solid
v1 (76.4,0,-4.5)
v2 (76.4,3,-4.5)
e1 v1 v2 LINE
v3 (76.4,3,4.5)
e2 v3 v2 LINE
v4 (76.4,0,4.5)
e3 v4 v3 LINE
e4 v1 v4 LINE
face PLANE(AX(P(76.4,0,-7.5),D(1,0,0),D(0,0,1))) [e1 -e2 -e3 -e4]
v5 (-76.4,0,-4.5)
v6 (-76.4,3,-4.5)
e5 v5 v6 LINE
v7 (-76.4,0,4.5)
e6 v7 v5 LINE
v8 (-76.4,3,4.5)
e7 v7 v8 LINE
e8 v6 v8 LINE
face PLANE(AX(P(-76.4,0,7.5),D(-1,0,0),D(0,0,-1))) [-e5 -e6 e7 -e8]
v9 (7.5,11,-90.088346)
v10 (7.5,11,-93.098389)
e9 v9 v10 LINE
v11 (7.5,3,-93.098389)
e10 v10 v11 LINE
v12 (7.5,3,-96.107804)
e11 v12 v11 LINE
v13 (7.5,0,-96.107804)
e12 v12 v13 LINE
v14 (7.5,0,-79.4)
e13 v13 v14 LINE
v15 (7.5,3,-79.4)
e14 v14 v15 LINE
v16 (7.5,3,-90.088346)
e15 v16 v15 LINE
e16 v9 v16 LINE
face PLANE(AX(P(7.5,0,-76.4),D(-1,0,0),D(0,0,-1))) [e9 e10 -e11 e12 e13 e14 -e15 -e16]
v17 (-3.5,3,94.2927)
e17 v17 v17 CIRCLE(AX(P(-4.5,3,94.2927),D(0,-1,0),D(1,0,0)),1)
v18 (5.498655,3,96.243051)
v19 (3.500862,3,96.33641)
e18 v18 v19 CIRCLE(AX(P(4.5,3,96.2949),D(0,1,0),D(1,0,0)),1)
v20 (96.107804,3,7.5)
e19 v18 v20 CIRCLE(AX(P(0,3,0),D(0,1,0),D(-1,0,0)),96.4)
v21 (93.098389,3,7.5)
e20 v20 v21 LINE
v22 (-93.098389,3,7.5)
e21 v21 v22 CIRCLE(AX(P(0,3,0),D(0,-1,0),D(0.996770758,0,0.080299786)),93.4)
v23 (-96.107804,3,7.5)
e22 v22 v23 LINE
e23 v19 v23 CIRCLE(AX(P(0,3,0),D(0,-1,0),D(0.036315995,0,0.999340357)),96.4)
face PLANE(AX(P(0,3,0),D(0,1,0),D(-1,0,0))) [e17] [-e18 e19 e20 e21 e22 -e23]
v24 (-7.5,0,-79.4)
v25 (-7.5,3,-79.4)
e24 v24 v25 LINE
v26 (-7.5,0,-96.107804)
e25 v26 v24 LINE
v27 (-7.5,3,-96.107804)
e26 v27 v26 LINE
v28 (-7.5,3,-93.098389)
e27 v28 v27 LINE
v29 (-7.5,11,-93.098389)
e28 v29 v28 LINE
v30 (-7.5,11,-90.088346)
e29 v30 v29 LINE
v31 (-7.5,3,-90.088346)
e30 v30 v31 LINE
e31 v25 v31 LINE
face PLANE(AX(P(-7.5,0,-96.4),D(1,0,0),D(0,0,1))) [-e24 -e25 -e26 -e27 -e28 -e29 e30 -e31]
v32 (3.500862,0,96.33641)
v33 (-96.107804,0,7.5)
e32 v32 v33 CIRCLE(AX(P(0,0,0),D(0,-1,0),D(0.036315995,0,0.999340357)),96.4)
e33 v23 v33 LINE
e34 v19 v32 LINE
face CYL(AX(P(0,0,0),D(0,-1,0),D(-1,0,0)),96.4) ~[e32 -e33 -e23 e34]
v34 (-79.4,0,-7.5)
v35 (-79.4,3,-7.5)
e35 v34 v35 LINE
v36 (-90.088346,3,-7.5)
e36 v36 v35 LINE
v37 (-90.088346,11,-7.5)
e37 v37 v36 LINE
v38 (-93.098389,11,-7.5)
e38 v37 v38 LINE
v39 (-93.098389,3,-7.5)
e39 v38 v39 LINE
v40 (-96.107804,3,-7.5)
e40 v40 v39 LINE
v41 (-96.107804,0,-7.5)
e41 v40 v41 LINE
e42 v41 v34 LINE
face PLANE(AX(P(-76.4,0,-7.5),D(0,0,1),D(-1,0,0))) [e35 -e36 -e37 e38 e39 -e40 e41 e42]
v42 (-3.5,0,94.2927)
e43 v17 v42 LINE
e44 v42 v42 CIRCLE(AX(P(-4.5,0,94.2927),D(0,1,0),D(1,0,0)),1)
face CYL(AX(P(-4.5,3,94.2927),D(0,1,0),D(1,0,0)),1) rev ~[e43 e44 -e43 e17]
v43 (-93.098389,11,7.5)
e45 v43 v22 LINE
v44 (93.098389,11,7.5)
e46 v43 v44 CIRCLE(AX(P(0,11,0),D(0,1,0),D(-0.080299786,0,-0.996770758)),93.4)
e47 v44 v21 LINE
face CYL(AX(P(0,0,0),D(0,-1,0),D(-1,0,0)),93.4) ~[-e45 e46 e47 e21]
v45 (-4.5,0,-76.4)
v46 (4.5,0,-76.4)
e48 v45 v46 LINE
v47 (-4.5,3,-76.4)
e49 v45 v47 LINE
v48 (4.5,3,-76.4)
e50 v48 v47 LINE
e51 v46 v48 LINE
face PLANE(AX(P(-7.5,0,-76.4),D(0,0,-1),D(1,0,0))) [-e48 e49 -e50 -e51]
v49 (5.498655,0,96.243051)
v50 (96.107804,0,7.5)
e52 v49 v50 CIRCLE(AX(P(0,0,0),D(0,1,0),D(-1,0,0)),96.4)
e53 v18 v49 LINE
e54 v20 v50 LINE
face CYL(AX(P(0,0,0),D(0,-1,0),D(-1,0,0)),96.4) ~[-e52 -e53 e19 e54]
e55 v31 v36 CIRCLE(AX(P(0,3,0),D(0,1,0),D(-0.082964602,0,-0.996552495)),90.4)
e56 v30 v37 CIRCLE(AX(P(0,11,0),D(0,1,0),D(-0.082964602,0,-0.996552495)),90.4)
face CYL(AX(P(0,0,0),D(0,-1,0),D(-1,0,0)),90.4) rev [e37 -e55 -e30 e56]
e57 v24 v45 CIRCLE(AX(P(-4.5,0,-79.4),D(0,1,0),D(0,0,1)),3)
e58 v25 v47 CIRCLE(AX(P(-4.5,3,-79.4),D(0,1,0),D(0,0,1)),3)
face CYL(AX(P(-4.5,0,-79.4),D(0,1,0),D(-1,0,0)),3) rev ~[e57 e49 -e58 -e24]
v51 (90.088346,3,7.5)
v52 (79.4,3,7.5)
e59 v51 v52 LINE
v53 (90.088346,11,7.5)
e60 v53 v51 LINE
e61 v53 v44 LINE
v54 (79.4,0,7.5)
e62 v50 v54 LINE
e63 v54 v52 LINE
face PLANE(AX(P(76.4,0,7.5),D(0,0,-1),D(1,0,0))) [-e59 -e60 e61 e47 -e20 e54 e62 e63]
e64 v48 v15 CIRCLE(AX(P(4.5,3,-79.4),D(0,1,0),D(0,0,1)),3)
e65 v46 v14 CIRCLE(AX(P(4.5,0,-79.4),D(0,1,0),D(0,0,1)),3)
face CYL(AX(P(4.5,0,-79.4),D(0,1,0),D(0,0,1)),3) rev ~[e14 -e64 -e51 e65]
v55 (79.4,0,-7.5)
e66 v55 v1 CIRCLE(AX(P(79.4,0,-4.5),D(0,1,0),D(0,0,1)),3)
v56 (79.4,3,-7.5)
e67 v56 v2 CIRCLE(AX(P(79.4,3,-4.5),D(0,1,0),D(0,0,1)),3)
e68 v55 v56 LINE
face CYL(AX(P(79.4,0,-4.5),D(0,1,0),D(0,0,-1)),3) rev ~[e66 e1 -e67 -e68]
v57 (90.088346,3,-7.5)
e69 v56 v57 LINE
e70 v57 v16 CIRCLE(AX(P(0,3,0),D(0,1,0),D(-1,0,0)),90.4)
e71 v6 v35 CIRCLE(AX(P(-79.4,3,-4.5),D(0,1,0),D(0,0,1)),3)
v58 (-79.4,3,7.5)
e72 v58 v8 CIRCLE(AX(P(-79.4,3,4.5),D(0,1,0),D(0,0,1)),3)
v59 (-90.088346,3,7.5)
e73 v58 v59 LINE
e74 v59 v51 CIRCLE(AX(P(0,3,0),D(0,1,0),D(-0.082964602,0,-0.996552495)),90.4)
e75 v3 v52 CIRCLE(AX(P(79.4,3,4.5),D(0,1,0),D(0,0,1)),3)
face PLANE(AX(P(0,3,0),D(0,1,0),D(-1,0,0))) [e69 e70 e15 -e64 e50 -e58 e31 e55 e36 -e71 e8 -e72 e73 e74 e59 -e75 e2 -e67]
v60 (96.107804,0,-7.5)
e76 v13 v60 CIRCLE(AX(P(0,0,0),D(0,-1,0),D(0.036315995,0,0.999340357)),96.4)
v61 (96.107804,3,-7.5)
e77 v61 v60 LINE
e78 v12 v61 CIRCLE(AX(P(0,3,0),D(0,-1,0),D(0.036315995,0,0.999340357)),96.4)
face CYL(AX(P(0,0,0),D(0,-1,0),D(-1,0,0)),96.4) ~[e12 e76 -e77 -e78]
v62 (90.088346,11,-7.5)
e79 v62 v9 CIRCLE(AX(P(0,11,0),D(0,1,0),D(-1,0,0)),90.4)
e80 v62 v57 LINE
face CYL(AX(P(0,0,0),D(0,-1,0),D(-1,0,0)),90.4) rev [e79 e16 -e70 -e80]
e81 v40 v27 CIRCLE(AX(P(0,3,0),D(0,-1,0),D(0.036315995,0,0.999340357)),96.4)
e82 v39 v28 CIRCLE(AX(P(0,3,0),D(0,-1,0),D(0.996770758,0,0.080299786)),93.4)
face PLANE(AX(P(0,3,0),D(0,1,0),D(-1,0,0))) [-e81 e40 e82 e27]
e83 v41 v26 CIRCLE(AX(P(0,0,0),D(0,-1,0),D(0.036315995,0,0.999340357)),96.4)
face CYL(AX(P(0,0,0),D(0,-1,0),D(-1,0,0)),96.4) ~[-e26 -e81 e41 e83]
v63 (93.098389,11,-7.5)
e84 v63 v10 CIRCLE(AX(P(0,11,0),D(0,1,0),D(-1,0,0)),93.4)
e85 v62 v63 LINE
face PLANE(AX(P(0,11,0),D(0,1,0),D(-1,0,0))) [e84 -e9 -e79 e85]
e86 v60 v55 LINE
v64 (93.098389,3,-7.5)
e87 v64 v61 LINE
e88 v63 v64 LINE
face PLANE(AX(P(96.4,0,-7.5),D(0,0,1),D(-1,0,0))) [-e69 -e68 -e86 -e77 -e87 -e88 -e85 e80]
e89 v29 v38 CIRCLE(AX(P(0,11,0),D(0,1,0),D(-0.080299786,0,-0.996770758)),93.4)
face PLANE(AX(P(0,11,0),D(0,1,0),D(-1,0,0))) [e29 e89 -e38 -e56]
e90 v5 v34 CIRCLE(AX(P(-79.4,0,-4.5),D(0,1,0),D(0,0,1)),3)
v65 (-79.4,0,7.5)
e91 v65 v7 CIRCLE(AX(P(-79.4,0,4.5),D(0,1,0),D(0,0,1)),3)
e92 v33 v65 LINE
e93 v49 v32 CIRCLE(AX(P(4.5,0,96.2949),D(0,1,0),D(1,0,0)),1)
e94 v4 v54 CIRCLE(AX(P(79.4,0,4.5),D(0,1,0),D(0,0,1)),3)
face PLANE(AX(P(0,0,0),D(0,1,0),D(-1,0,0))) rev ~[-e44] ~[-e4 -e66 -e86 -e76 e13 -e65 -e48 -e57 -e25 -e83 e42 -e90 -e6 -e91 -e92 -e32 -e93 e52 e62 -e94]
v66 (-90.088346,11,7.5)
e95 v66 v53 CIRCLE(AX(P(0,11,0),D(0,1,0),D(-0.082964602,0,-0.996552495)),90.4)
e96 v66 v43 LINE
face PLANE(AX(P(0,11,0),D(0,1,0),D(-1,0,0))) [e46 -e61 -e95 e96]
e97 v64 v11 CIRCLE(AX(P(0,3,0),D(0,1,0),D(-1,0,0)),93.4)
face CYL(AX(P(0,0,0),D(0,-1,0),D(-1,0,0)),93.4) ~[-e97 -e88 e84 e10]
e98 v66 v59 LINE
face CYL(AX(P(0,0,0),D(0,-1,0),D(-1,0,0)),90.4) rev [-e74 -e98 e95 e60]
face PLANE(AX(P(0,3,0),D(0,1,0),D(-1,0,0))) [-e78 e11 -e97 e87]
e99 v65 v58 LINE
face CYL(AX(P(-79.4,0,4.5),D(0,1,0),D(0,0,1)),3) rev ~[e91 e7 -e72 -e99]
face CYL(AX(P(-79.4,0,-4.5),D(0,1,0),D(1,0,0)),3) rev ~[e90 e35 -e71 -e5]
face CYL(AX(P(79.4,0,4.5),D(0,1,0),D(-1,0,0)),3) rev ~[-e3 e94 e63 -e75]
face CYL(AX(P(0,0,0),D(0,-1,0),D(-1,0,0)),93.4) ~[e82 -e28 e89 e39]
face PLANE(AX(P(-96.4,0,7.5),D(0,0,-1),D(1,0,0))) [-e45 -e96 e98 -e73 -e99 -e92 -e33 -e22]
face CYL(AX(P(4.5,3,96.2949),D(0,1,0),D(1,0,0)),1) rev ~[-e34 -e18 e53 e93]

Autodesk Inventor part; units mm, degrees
ref_plane "YZ Plane" through (0, 0, 0) normal (1, 0, 0) x (0, 1, 0)
ref_plane "XZ Plane" through (0, 0, 0) normal (0, 1, 0) x (-1, 0, 0)
ref_plane "XY Plane" through (0, 0, 0) normal (0, 0, 1) x (1, 0, 0)
sketch "Sketch1" plane through (0, 0, 0) normal (0, 1, 0) x (-1, 0, 0)
  circle A0 centre (0, 0) radius 93.4
  circle A1 centre (0, 0) radius 90.4
  circle A2 centre (0, 0) radius 96.4
  dimension "d0" = 186.8
  dimension "d1" = 3
  dimension "d2" = 3
extrude "Extrusion1" add sketch "Sketch1" along normal blind 11 contours A0
extrude "Extrusion2" add sketch "Sketch1" along normal blind 3 contours A2
sketch "Sketch2" plane through (0, 3, 0) normal (0, 1, 0) x (1, 0, 0)
  circle A0 centre (-4.5, -94.2927) radius 1
  circle A1 centre (0, 0) radius 93.4 projected
  circle A2 centre (0, 0) radius 95.4 construction
  circle A3 centre (4.5, -96.2949) radius 1
  dimension "d7" = 2
  dimension "d8" = 4.5
  dimension "d9" = 4.5
extrude "Extrusion3" cut sketch "Sketch2" against normal up to surface (3 mm away) contours A0 | A3
extrude "Extrusion4" add sketch "Sketch1" along normal blind 3 contours A1
sketch "Sketch3" plane through (0, 0, 0) normal (0, -1, 0) x (1, 0, 0)
  line L0 (96.4, -7.5) -> (76.4, -7.5)
  line L1 (76.4, -7.5) -> (76.4, 7.5)
  line L2 (76.4, 7.5) -> (96.4, 7.5)
  line L3 (96.4, 7.5) -> (96.4, -7.5)
  arc A0 (3.5009, 96.3364) -> (5.4987, 96.2431) centre (0, 0) ccw projected
  point P0 (96.4, 0)
  dimension "d14" = 15
  dimension "d15" = 20
extrude "Extrusion5" cut sketch "Sketch3" against normal up to surface (11 mm away) contours L0 A0 L3 | L0 L1 L2 A0 L3 | A0 L2 L3
pattern_circular "Circular Pattern1" count 3 over 180 about axis through (0, -10, 0) along (0, 1, 0) of "Extrusion5"
fillet "Fillet1" radius 3 6 edges at (76.4, 1.5, 7.5) (76.4, 1.5, -7.5) (-76.4, 1.5, 7.5) (-76.4, 1.5, -7.5) (7.5, 1.5, -76.4) (-7.5, 1.5, -76.4)
properties part number "122mm-CoilForm_3DPrint"
